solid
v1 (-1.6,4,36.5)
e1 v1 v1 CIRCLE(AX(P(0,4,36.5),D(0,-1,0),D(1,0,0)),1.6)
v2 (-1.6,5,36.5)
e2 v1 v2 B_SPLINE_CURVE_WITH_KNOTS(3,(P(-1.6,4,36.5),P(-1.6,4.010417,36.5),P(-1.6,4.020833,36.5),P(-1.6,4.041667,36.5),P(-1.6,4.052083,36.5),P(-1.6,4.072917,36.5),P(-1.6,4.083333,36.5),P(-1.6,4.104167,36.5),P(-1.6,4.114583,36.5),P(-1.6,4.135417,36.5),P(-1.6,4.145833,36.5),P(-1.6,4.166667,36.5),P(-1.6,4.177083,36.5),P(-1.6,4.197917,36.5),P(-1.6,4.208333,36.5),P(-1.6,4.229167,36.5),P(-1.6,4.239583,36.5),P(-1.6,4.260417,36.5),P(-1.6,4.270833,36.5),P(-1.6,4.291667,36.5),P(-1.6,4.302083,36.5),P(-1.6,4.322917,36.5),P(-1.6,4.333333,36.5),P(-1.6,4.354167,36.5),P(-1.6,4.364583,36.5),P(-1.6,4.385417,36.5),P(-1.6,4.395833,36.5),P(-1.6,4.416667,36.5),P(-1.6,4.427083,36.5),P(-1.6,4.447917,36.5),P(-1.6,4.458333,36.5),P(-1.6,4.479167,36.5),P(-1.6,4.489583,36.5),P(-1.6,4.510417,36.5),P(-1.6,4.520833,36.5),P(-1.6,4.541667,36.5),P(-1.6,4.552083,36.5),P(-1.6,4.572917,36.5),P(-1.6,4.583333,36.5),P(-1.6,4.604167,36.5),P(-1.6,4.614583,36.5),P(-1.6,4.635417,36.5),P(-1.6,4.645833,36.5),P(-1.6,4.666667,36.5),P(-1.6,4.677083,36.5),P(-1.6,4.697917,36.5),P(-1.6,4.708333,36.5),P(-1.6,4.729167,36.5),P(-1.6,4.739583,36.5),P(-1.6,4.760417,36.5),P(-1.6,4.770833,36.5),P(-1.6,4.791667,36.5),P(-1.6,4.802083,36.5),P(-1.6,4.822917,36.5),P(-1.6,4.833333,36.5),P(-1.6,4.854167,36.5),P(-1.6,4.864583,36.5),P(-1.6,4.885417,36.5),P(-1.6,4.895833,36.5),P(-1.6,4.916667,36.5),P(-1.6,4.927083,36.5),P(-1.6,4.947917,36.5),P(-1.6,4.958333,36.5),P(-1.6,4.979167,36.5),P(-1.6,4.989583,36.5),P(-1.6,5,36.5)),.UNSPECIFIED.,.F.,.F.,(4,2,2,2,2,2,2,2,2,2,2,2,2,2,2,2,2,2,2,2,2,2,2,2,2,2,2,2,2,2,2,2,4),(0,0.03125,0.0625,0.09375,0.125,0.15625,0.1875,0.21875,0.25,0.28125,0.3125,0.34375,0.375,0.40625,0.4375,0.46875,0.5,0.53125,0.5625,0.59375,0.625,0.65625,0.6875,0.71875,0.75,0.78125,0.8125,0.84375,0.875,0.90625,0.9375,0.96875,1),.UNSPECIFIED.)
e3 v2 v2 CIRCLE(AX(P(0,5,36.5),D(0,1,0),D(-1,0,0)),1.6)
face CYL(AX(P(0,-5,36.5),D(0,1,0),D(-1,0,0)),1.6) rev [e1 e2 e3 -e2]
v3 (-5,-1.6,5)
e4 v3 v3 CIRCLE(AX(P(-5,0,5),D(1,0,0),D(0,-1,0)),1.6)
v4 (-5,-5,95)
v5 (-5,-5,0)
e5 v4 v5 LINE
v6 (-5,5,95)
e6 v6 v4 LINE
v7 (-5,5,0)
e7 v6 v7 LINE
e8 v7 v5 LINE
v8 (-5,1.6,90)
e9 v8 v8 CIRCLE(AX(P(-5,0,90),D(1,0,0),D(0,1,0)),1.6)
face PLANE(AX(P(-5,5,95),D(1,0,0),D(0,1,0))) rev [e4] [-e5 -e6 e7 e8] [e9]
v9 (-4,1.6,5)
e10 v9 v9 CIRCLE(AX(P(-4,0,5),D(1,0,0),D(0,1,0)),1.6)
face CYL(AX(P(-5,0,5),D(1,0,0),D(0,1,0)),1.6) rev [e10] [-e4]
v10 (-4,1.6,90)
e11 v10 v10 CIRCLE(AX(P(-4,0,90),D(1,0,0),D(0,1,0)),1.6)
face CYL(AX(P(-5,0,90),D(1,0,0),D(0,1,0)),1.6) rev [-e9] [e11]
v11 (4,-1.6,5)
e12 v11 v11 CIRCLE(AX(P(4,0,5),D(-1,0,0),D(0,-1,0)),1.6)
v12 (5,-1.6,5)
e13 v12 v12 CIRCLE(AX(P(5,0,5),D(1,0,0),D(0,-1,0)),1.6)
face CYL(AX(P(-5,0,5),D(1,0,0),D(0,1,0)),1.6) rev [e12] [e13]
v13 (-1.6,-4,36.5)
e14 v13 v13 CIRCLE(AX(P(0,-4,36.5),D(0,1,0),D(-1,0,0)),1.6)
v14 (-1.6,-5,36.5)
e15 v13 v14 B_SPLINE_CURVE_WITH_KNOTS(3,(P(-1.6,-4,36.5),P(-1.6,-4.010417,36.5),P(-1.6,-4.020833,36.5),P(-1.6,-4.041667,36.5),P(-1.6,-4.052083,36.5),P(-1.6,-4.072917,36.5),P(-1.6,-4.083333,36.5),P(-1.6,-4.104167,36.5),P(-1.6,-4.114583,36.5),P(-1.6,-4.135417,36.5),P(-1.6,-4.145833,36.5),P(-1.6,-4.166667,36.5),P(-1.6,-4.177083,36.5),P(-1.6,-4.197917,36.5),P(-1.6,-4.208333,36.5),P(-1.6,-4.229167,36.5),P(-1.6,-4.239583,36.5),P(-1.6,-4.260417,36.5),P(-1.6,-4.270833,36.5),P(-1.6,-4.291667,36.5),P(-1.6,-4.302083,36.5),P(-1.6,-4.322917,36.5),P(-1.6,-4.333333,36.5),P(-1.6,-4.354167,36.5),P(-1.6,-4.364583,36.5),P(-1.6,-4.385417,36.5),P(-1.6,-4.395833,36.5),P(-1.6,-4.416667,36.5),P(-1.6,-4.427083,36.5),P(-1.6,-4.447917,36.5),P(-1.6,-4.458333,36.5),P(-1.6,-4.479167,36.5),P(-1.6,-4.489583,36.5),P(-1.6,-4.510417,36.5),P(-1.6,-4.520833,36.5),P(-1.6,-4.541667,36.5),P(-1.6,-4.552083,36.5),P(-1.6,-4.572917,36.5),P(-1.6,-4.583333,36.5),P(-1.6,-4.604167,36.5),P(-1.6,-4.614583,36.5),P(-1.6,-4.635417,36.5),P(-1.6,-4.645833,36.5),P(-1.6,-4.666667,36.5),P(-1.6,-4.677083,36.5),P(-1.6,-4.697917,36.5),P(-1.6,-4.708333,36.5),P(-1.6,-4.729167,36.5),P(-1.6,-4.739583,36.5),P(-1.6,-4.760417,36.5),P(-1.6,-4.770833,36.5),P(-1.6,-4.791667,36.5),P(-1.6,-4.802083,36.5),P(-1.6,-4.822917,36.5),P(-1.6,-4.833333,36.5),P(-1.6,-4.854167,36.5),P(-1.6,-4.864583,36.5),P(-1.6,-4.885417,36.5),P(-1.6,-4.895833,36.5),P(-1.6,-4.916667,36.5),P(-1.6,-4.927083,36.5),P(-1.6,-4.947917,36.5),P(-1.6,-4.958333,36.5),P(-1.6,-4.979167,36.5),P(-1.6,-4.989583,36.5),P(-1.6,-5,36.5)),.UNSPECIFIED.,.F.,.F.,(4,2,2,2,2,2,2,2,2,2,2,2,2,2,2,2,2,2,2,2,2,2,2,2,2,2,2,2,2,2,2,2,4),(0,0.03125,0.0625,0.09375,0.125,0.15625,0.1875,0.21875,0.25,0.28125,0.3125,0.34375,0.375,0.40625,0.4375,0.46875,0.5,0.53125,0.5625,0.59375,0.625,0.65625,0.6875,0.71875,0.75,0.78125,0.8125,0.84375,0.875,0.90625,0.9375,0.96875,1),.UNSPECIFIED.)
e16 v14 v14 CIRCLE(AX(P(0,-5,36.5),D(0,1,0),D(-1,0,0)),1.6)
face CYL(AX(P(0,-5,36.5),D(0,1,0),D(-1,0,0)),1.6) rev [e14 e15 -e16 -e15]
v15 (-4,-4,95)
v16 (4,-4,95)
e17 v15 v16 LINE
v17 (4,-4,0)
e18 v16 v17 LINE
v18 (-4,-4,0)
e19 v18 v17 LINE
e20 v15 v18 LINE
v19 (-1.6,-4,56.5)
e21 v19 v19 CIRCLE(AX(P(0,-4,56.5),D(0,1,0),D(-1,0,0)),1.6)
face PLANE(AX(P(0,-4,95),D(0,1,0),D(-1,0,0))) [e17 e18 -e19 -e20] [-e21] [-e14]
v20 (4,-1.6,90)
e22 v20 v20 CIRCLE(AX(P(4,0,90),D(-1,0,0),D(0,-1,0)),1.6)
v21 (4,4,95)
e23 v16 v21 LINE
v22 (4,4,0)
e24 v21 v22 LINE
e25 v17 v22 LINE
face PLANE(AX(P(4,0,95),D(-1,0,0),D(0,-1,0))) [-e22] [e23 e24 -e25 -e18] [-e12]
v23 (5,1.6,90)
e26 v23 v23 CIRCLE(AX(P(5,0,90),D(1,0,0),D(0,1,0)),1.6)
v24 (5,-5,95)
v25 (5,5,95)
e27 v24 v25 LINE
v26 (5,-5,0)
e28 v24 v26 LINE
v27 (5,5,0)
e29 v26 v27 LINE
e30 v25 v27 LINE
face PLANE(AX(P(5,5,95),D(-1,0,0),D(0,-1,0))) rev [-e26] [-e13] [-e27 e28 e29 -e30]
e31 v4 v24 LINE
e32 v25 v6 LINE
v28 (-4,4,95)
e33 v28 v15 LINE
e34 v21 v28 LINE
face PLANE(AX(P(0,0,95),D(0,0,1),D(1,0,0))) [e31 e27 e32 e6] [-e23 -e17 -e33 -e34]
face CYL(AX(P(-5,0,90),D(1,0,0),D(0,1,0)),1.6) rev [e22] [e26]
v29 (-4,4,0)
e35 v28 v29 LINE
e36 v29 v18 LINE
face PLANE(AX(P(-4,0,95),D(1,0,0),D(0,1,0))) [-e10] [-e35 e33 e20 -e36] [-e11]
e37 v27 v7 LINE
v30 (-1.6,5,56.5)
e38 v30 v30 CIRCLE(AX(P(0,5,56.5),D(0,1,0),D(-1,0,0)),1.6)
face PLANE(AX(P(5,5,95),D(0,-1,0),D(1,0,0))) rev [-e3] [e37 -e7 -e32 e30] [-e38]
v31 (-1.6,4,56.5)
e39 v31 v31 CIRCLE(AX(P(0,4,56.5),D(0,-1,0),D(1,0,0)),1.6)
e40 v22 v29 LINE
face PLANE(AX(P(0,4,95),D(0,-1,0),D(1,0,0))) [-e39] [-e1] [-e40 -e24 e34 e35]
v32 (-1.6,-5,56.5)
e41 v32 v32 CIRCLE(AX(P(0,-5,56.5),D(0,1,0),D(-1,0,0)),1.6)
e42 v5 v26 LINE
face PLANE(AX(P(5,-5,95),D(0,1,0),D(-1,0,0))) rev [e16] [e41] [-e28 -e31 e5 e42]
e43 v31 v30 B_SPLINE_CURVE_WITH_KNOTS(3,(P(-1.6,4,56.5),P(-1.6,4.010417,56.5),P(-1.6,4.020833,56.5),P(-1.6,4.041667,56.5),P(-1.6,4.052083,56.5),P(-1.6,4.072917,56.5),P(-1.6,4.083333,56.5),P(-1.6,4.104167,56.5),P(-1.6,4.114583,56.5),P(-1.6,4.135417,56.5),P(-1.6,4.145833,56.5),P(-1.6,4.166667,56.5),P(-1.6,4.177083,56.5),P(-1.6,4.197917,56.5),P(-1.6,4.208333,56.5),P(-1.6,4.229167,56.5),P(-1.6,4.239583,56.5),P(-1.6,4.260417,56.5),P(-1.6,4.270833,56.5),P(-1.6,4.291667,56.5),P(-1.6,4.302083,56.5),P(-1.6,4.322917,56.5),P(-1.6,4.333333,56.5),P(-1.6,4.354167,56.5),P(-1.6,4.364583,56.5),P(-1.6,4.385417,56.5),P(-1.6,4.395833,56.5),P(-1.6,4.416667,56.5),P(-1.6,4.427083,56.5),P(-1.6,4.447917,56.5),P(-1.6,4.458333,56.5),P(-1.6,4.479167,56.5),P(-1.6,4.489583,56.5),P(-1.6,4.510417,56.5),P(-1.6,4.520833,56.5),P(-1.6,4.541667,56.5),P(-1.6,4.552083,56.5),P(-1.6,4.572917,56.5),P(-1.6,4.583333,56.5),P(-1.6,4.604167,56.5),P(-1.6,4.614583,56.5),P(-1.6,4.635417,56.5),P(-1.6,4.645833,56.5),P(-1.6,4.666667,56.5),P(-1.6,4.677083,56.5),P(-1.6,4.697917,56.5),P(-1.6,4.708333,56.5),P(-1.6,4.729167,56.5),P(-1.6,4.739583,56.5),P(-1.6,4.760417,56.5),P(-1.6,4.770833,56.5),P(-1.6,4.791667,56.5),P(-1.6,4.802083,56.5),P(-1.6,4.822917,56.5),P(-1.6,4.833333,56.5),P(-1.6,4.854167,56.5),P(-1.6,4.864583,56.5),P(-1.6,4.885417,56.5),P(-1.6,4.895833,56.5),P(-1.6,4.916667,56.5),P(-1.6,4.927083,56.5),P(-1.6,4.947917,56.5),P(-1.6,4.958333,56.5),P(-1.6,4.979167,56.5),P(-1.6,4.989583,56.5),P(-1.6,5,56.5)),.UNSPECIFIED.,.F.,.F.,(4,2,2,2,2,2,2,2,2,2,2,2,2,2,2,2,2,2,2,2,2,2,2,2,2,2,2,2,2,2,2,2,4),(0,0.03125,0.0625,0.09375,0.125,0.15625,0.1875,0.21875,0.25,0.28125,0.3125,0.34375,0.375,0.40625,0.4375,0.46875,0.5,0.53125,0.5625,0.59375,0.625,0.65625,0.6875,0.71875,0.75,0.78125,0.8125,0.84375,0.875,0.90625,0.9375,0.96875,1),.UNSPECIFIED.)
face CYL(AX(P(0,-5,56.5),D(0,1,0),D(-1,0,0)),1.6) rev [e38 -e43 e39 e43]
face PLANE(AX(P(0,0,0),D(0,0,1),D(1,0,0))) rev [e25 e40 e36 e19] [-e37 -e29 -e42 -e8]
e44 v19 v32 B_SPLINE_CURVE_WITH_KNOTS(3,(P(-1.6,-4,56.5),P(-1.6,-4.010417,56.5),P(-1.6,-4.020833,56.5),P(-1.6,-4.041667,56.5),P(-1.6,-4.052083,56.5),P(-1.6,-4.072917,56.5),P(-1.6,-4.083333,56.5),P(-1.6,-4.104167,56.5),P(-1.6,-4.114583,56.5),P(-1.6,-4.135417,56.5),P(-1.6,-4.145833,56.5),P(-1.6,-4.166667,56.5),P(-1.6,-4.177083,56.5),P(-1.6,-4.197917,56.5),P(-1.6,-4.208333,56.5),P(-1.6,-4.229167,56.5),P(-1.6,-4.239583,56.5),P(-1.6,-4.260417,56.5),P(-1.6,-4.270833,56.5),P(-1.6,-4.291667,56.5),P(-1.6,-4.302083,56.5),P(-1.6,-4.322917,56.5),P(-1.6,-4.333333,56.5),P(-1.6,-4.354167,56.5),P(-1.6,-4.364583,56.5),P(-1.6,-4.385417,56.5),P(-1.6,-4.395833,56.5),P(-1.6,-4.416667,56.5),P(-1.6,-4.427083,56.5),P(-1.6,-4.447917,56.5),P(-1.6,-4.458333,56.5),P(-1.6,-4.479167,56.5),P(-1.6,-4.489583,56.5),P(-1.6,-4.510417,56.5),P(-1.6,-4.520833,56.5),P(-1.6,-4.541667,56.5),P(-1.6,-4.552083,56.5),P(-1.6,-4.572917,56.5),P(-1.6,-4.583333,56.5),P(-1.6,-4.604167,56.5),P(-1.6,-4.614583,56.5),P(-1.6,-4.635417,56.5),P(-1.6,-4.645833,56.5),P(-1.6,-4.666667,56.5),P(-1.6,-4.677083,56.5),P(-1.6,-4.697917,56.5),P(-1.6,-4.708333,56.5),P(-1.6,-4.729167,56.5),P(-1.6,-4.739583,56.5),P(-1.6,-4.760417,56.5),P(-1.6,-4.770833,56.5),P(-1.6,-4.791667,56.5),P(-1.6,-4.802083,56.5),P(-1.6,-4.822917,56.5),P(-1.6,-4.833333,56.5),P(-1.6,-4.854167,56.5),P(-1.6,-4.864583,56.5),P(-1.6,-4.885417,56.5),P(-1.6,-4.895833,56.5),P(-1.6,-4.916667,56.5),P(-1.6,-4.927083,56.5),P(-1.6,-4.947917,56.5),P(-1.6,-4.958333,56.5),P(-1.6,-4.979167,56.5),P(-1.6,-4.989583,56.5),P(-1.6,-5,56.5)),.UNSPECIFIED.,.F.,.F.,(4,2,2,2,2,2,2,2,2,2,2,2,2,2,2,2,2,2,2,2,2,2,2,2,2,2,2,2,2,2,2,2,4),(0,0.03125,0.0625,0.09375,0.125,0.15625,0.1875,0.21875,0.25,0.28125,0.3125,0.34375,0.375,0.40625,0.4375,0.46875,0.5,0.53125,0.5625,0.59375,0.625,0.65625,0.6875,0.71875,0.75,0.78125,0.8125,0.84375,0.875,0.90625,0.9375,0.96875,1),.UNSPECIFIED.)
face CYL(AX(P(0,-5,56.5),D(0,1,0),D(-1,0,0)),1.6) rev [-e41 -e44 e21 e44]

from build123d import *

# Parameters (mm, degrees)
SKETCH_1_W          = 10
SKETCH_1_H          = 10
SKETCH_1_W_2        = 8
SKETCH_1_H_2        = 8
EXTRUDE_1_DEPTH     = 95
SKETCH_3_R          = 1.6
CUT_EXTRUDE_2_DEPTH = 96.655632349
SKETCH_4_R          = 1.6
CUT_EXTRUDE_3_DEPTH = 96.655632349


with BuildPart() as part:
    # ｽｹｯﾁ1 → 押し出し-薄板1 (new body)
    with BuildSketch(Plane.XY):
        Rectangle(SKETCH_1_W, SKETCH_1_H)
        Rectangle(SKETCH_1_W_2, SKETCH_1_H_2, mode=Mode.SUBTRACT)
    extrude(amount=EXTRUDE_1_DEPTH)

    # ｽｹｯﾁ3 → ｶｯﾄ - 押し出し2 (cut, through all)
    with BuildSketch(Plane(origin=(0, 5, 0), x_dir=(1, 0, 0), z_dir=(0, 1, 0))):
        with Locations(Location((0, -56.5, 0), (0, 0, 180))):
            Circle(SKETCH_3_R)
        with Locations(Location((0, -36.5, 0), (0, 0, 180))):
            Circle(SKETCH_3_R)
    extrude(amount=-CUT_EXTRUDE_2_DEPTH, mode=Mode.SUBTRACT)

    # ｽｹｯﾁ4 → ｶｯﾄ - 押し出し3 (cut, through all)
    with BuildSketch(Plane(origin=(5, 0, 0), x_dir=(0, 0, -1), z_dir=(1, 0, 0))):
        with Locations(Location((-90, 0, 0), (0, 0, 90))):
            Circle(SKETCH_4_R)
        with Locations(Location((-5, 0, 0), (0, 0, 270))):
            Circle(SKETCH_4_R)
    extrude(amount=-CUT_EXTRUDE_3_DEPTH, mode=Mode.SUBTRACT)


solid = part.part
